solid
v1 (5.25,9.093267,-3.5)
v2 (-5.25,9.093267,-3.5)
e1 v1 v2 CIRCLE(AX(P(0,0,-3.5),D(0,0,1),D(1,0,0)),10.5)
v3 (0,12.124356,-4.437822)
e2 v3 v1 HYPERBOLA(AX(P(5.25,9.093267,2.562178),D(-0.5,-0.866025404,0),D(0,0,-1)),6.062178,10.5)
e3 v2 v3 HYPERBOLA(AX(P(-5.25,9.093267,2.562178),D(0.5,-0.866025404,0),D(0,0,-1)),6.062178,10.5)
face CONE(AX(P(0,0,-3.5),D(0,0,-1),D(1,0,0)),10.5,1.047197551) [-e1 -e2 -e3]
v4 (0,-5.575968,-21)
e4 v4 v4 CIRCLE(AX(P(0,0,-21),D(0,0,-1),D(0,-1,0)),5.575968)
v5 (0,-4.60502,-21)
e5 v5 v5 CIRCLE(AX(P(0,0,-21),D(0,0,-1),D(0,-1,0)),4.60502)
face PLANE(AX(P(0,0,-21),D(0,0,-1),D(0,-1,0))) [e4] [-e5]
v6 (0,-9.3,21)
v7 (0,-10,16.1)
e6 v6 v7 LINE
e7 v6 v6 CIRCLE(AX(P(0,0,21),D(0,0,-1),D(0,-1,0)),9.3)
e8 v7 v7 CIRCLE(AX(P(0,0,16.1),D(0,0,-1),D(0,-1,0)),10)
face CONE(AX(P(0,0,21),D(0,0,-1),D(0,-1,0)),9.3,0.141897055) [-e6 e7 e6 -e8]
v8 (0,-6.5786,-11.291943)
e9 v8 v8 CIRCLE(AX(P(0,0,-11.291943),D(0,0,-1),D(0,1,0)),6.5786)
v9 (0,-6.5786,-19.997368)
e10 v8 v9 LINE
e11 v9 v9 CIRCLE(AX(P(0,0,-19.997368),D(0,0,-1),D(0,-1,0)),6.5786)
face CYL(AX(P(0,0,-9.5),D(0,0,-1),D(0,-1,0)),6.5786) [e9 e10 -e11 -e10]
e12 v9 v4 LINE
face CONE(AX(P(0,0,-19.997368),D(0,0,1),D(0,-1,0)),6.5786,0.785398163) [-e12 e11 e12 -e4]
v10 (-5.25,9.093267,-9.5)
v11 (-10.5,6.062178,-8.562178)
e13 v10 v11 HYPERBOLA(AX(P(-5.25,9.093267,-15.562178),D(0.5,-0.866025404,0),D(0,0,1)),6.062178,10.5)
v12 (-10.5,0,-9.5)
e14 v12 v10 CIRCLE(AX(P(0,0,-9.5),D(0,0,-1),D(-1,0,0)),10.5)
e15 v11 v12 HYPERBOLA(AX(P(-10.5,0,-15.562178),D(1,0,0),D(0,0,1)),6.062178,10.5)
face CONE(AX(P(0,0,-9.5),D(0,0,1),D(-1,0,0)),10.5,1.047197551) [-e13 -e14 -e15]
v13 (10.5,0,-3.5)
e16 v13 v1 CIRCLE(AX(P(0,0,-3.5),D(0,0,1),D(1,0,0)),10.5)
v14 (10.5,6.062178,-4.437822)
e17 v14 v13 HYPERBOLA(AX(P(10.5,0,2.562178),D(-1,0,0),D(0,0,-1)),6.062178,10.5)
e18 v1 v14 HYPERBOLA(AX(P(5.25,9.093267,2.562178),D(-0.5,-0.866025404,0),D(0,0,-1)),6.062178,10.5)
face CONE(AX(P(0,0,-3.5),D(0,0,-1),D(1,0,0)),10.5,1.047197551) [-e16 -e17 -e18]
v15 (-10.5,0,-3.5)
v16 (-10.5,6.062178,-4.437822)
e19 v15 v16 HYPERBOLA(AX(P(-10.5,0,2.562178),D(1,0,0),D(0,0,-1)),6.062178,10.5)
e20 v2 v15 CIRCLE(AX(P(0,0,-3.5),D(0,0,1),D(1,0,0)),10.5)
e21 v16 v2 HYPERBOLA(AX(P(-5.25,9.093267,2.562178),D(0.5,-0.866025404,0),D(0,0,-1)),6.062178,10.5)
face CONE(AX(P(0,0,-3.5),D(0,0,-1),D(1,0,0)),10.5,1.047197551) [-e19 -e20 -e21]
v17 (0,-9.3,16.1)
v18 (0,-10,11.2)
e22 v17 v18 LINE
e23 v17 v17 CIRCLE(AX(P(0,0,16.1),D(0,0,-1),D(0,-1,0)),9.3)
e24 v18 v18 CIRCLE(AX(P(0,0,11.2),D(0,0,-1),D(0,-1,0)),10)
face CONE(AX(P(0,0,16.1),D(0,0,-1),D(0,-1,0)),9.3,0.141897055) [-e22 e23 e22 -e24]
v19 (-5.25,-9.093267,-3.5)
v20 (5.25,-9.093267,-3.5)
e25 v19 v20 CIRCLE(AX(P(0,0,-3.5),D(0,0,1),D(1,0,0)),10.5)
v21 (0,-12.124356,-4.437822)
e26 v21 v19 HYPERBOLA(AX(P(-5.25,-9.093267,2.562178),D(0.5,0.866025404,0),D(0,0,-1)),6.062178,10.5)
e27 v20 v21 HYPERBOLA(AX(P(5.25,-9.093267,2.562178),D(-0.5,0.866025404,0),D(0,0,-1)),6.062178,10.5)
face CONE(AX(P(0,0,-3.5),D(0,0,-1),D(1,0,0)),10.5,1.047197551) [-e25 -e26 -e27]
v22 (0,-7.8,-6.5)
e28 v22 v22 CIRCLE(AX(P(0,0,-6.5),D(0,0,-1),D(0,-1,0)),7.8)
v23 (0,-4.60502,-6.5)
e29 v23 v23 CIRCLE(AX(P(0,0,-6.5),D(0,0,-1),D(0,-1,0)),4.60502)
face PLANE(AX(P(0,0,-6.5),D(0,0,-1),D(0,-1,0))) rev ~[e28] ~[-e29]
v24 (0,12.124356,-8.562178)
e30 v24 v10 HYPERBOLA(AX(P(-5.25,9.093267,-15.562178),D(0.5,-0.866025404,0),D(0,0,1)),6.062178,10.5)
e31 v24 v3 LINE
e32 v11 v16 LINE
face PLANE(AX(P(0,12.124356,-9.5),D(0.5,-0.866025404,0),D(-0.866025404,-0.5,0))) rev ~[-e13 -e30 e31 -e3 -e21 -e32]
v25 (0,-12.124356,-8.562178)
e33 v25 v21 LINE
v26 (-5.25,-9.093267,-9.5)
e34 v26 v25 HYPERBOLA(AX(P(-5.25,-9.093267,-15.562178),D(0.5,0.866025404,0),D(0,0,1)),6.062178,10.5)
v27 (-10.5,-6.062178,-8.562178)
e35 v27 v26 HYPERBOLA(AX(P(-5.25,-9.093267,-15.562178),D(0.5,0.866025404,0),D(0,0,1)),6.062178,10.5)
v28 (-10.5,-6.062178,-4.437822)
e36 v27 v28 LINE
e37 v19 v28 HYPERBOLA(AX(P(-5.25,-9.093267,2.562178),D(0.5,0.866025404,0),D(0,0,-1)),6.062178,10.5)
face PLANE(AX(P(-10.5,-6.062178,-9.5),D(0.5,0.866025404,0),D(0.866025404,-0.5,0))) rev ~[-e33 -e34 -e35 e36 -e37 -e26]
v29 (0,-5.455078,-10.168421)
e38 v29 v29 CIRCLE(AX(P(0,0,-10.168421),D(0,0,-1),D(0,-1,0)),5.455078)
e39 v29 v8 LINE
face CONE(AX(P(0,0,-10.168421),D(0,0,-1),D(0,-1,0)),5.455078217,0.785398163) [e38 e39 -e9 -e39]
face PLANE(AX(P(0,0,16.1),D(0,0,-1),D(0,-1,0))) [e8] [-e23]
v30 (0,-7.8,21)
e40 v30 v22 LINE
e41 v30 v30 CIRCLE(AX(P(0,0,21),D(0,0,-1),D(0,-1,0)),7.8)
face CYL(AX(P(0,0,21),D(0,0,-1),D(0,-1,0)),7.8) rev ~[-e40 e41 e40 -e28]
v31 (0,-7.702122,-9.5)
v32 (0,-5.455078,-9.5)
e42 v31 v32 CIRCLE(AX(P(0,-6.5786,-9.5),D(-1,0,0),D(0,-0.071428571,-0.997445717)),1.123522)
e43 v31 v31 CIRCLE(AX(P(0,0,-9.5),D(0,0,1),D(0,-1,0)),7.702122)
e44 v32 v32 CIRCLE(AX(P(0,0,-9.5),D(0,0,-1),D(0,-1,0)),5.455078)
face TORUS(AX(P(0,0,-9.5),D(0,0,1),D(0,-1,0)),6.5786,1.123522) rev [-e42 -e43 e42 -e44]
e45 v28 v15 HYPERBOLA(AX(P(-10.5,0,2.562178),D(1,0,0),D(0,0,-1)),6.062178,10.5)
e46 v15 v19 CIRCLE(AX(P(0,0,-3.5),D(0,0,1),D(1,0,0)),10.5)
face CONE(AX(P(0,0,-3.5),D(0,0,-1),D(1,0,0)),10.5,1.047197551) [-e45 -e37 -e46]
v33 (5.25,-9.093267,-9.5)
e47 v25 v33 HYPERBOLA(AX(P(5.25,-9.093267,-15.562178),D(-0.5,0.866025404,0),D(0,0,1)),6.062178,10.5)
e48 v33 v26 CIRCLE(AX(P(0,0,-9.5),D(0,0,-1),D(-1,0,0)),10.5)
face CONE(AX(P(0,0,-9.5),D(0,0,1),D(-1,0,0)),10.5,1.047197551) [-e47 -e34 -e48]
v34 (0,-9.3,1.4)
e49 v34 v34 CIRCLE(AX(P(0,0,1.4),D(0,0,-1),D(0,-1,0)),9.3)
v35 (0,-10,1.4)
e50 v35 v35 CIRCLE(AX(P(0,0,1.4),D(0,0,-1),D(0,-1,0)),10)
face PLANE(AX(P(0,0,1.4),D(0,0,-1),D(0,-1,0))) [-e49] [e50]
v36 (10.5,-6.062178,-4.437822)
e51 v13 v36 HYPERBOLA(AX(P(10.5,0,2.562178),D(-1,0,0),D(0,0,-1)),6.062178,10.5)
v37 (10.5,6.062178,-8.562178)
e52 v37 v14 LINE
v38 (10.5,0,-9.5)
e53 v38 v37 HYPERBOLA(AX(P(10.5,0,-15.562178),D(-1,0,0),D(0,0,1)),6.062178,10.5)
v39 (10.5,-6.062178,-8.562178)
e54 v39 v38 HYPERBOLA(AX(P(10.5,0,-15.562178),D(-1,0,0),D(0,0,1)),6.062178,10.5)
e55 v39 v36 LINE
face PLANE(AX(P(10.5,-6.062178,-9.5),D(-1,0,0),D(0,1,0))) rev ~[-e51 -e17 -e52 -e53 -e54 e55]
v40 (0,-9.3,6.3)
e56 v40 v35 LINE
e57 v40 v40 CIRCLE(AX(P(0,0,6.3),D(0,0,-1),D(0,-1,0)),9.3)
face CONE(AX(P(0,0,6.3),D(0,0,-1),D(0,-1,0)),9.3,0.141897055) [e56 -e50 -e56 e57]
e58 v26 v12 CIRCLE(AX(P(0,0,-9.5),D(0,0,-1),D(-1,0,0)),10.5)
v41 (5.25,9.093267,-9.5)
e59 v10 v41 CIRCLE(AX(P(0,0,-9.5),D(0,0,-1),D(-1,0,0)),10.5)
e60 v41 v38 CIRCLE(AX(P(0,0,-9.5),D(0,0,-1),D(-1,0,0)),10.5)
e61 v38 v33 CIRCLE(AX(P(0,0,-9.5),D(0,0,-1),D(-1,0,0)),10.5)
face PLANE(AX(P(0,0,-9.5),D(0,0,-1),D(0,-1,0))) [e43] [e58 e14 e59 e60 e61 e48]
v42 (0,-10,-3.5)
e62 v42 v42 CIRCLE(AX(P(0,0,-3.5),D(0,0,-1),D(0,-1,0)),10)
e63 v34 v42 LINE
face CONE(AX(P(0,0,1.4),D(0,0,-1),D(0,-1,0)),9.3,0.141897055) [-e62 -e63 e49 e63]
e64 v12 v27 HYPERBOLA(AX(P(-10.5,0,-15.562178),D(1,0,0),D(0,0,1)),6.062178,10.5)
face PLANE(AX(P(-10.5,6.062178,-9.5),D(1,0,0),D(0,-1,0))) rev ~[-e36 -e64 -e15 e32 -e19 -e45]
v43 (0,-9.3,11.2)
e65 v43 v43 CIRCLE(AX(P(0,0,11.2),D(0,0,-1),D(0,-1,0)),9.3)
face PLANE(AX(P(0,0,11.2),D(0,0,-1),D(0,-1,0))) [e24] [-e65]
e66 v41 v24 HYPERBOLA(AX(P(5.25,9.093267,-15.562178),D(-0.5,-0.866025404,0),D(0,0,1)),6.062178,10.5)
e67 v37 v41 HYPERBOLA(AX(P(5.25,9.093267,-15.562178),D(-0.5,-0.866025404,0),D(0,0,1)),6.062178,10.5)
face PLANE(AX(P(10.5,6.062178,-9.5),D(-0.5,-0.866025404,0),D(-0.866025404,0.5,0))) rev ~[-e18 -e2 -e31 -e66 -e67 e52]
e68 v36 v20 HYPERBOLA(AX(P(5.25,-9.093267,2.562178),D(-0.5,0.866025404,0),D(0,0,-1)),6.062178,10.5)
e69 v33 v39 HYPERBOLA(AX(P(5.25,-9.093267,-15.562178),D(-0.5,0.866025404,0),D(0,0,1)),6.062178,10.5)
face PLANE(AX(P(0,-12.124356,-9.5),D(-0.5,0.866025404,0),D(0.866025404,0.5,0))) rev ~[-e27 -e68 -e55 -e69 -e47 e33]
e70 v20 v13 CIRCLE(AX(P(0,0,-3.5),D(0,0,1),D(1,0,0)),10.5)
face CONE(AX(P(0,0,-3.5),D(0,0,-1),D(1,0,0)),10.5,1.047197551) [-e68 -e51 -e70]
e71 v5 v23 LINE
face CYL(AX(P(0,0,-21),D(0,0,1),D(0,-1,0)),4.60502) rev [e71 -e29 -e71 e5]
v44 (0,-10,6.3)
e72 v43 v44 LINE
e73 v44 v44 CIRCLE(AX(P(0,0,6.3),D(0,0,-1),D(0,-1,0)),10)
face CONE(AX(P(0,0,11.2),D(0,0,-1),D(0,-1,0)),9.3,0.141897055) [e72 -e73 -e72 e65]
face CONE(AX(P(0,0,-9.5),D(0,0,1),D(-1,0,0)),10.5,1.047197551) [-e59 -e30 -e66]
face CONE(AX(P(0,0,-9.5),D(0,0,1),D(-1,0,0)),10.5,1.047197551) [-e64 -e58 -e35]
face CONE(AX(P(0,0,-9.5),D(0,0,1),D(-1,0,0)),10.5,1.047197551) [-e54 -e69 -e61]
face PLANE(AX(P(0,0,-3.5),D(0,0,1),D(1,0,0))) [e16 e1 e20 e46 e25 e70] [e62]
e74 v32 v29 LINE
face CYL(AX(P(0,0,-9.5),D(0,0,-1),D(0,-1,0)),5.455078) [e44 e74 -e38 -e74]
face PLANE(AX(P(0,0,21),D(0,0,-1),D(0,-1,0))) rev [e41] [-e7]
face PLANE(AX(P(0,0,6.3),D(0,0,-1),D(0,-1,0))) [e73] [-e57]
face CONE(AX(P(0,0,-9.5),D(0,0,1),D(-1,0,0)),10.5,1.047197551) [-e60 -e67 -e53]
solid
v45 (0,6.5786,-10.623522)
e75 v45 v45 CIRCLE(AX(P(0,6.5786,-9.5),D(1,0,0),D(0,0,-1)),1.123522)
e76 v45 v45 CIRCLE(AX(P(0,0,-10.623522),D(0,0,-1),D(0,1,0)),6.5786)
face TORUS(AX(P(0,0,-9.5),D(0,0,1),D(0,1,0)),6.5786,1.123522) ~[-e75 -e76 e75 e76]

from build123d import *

# Parameters (mm, degrees)
LPATTERN1_COUNT     = 5
LPATTERN1_PITCH     = 4.9
BOSS_EXTRUDE1_START = -9.5
BOSS_EXTRUDE1_DEPTH = 6
SKETCH5_OUTSIDE_W   = 136.756
SKETCH5_OUTSIDE_H   = 140.004
SKETCH5_OUTSIDE_R   = 10.5
CUT_EXTRUDE1_DEPTH  = 30.283100929
CUT_EXTRUDE1_DRAFT  = -60
SKETCH6_OUTSIDE_W   = 154.69
SKETCH6_OUTSIDE_H   = 157.938
SKETCH6_OUTSIDE_R   = 10.5
CUT_EXTRUDE2_DEPTH  = 35.46012188
CUT_EXTRUDE2_DRAFT  = -60
SKETCH12_R          = 1.123521783


with BuildPart() as part:
    # Sketch2 → Revolve2 (revolve)
    with BuildSketch(Plane(origin=(0, 0, 0), x_dir=(0, 0, -1), z_dir=(1, 0, 0)), mode=Mode.PRIVATE) as revolve2_sk:
        Polygon((-21, 9.3), (-16.1, 10), (-16.1, 0), (-21, 0), align=None)
    revolve(revolve2_sk.sketch.rotate(Axis((0, 0, 21), (0, 0, -1)), 180), axis=Axis((0, 0, 21), (0, 0, -1)))


with BuildPart() as lpattern1_1:
    # LPattern1: pattern copy
    add(part.part.moved(Location(Vector(0, 0, -1) * (1 * LPATTERN1_PITCH))))


with BuildPart() as lpattern1_2:
    # LPattern1: pattern copy
    add(part.part.moved(Location(Vector(0, 0, -1) * (2 * LPATTERN1_PITCH))))


with BuildPart() as lpattern1_3:
    # LPattern1: pattern copy
    add(part.part.moved(Location(Vector(0, 0, -1) * (3 * LPATTERN1_PITCH))))


with BuildPart() as lpattern1_4:
    # LPattern1: pattern copy
    add(part.part.moved(Location(Vector(0, 0, -1) * (4 * LPATTERN1_PITCH))))


with BuildPart() as body_6:
    # Sketch3 → Boss-Extrude1 (new body)
    with BuildSketch(Plane.XY.offset(BOSS_EXTRUDE1_START)):
        Polygon((0, 12.124355653), (-10.5, 6.062177826), (-10.5, -6.062177826), (0, -12.124355653), (10.5, -6.062177826), (10.5, 6.062177826), align=None)
    extrude(amount=BOSS_EXTRUDE1_DEPTH)


with BuildPart() as cut_extrude1_tool:
    # Sketch5 outside → Cut-Extrude1 (with draft: the straight prism first)
    with BuildSketch(Plane.XY.offset(-3.5)):
        Rectangle(SKETCH5_OUTSIDE_W, SKETCH5_OUTSIDE_H)
        Circle(SKETCH5_OUTSIDE_R, mode=Mode.SUBTRACT)
    extrude(amount=-CUT_EXTRUDE1_DEPTH)
    # Cut-Extrude1: the draft: its side faces are tilted about the plane it starts from
    cut_extrude1_sides = [cut_extrude1_tool.faces().sort_by_distance(p)[0] for p in [
        (0, -70.002, -18.641550464),
        (68.378, 0, -18.641550464),
        (0, 70.002, -18.641550464),
        (-68.378, 0, -18.641550464),
        (-10.5, 0, -18.641550464),
    ]]
    draft(cut_extrude1_sides, Plane.XY.offset(-3.5), CUT_EXTRUDE1_DRAFT)


with BuildPart() as body_6_1:
    add(body_6.part)

    # Cut-Extrude1: cut by cut_extrude1_tool
    add(cut_extrude1_tool.part, mode=Mode.SUBTRACT)


with BuildPart() as cut_extrude2_tool:
    # Sketch6 outside → Cut-Extrude2 (with draft: the straight prism first)
    with BuildSketch(Plane(origin=(0, 0, -9.5), x_dir=(-1, 0, 0), z_dir=(0, 0, -1))):
        Rectangle(SKETCH6_OUTSIDE_W, SKETCH6_OUTSIDE_H)
        Circle(SKETCH6_OUTSIDE_R, mode=Mode.SUBTRACT)
    extrude(amount=-CUT_EXTRUDE2_DEPTH)
    # Cut-Extrude2: the draft: its side faces are tilted about the plane it starts from
    cut_extrude2_sides = [cut_extrude2_tool.faces().sort_by_distance(p)[0] for p in [
        (0, -78.969, 8.23006094),
        (-77.345, 0, 8.23006094),
        (0, 78.969, 8.23006094),
        (77.345, 0, 8.23006094),
        (10.5, 0, 8.23006094),
    ]]
    draft(cut_extrude2_sides, Plane(origin=(0, 0, -9.5), x_dir=(-1, 0, 0), z_dir=(0, 0, -1)), CUT_EXTRUDE2_DRAFT)


with BuildPart() as body_6_2:
    add(body_6_1.part)

    # Cut-Extrude2: cut by cut_extrude2_tool
    add(cut_extrude2_tool.part, mode=Mode.SUBTRACT)


with BuildPart() as part_1:
    add(part.part)

    add(lpattern1_1.part)  # Revolve1 merges LPattern1_1

    add(lpattern1_2.part)  # Revolve1 merges LPattern1_2

    add(lpattern1_3.part)  # Revolve1 merges LPattern1_3

    add(lpattern1_4.part)  # Revolve1 merges LPattern1_4

    add(body_6_2.part)  # Revolve1 merges body 6
    # Sketch4 → Revolve1 (revolve)
    with BuildSketch(Plane(origin=(0, 0, 0), x_dir=(0, 0, -1), z_dir=(1, 0, 0)), mode=Mode.PRIVATE) as revolve1_sk:
        Polygon((-21, 9.3), (9.5, 9.3), (9.5, 6.5786), (19.997368421, 6.5786), (21, 5.575968421), (21, 0), (-21, 0), align=None)
    revolve(revolve1_sk.sketch.rotate(Axis((0, 0, 21), (0, 0, -1)), 180), axis=Axis((0, 0, 21), (0, 0, -1)))

    # Sketch7 → Cut-Revolve1 (revolve, cut)
    with BuildSketch(Plane(origin=(0, 0, 0), x_dir=(0, 0, -1), z_dir=(1, 0, 0)), mode=Mode.PRIVATE) as cut_revolve1_sk:
        Polygon((-21, 0), (-21, 7.8), (6.5, 7.8), (6.5, 4.60502), (9.5, 4.60502), (21, 4.60502), (21, 0), align=None)
        with BuildLine():
            Line((9.5, 5.455078217), (10.168421053, 5.455078217))
            Line((10.168421053, 5.455078217), (11.372194392, 6.658851556))
            Line((11.372194392, 6.658851556), (10.620651991, 6.658851556))
            ThreePointArc((10.620651991, 6.658851556), (8.677666257, 7.344151052), (9.5, 5.455078217))
        make_face()
    revolve(cut_revolve1_sk.sketch.rotate(Axis((0, 0, 21), (0, 0, -1)), 180), axis=Axis((0, 0, 21), (0, 0, -1)), mode=Mode.SUBTRACT)


with BuildPart() as body_2:
    # Sketch12 → Revolve3 (revolve)
    with BuildSketch(Plane(origin=(0, 0, 0), x_dir=(0, 0, -1), z_dir=(1, 0, 0))):
        with Locations((9.5, 6.5786)):
            Circle(SKETCH12_R)
    revolve(axis=Axis((0, 0, 21), (0, 0, -1)))


solid = Compound([part_1.part, body_2.part])
